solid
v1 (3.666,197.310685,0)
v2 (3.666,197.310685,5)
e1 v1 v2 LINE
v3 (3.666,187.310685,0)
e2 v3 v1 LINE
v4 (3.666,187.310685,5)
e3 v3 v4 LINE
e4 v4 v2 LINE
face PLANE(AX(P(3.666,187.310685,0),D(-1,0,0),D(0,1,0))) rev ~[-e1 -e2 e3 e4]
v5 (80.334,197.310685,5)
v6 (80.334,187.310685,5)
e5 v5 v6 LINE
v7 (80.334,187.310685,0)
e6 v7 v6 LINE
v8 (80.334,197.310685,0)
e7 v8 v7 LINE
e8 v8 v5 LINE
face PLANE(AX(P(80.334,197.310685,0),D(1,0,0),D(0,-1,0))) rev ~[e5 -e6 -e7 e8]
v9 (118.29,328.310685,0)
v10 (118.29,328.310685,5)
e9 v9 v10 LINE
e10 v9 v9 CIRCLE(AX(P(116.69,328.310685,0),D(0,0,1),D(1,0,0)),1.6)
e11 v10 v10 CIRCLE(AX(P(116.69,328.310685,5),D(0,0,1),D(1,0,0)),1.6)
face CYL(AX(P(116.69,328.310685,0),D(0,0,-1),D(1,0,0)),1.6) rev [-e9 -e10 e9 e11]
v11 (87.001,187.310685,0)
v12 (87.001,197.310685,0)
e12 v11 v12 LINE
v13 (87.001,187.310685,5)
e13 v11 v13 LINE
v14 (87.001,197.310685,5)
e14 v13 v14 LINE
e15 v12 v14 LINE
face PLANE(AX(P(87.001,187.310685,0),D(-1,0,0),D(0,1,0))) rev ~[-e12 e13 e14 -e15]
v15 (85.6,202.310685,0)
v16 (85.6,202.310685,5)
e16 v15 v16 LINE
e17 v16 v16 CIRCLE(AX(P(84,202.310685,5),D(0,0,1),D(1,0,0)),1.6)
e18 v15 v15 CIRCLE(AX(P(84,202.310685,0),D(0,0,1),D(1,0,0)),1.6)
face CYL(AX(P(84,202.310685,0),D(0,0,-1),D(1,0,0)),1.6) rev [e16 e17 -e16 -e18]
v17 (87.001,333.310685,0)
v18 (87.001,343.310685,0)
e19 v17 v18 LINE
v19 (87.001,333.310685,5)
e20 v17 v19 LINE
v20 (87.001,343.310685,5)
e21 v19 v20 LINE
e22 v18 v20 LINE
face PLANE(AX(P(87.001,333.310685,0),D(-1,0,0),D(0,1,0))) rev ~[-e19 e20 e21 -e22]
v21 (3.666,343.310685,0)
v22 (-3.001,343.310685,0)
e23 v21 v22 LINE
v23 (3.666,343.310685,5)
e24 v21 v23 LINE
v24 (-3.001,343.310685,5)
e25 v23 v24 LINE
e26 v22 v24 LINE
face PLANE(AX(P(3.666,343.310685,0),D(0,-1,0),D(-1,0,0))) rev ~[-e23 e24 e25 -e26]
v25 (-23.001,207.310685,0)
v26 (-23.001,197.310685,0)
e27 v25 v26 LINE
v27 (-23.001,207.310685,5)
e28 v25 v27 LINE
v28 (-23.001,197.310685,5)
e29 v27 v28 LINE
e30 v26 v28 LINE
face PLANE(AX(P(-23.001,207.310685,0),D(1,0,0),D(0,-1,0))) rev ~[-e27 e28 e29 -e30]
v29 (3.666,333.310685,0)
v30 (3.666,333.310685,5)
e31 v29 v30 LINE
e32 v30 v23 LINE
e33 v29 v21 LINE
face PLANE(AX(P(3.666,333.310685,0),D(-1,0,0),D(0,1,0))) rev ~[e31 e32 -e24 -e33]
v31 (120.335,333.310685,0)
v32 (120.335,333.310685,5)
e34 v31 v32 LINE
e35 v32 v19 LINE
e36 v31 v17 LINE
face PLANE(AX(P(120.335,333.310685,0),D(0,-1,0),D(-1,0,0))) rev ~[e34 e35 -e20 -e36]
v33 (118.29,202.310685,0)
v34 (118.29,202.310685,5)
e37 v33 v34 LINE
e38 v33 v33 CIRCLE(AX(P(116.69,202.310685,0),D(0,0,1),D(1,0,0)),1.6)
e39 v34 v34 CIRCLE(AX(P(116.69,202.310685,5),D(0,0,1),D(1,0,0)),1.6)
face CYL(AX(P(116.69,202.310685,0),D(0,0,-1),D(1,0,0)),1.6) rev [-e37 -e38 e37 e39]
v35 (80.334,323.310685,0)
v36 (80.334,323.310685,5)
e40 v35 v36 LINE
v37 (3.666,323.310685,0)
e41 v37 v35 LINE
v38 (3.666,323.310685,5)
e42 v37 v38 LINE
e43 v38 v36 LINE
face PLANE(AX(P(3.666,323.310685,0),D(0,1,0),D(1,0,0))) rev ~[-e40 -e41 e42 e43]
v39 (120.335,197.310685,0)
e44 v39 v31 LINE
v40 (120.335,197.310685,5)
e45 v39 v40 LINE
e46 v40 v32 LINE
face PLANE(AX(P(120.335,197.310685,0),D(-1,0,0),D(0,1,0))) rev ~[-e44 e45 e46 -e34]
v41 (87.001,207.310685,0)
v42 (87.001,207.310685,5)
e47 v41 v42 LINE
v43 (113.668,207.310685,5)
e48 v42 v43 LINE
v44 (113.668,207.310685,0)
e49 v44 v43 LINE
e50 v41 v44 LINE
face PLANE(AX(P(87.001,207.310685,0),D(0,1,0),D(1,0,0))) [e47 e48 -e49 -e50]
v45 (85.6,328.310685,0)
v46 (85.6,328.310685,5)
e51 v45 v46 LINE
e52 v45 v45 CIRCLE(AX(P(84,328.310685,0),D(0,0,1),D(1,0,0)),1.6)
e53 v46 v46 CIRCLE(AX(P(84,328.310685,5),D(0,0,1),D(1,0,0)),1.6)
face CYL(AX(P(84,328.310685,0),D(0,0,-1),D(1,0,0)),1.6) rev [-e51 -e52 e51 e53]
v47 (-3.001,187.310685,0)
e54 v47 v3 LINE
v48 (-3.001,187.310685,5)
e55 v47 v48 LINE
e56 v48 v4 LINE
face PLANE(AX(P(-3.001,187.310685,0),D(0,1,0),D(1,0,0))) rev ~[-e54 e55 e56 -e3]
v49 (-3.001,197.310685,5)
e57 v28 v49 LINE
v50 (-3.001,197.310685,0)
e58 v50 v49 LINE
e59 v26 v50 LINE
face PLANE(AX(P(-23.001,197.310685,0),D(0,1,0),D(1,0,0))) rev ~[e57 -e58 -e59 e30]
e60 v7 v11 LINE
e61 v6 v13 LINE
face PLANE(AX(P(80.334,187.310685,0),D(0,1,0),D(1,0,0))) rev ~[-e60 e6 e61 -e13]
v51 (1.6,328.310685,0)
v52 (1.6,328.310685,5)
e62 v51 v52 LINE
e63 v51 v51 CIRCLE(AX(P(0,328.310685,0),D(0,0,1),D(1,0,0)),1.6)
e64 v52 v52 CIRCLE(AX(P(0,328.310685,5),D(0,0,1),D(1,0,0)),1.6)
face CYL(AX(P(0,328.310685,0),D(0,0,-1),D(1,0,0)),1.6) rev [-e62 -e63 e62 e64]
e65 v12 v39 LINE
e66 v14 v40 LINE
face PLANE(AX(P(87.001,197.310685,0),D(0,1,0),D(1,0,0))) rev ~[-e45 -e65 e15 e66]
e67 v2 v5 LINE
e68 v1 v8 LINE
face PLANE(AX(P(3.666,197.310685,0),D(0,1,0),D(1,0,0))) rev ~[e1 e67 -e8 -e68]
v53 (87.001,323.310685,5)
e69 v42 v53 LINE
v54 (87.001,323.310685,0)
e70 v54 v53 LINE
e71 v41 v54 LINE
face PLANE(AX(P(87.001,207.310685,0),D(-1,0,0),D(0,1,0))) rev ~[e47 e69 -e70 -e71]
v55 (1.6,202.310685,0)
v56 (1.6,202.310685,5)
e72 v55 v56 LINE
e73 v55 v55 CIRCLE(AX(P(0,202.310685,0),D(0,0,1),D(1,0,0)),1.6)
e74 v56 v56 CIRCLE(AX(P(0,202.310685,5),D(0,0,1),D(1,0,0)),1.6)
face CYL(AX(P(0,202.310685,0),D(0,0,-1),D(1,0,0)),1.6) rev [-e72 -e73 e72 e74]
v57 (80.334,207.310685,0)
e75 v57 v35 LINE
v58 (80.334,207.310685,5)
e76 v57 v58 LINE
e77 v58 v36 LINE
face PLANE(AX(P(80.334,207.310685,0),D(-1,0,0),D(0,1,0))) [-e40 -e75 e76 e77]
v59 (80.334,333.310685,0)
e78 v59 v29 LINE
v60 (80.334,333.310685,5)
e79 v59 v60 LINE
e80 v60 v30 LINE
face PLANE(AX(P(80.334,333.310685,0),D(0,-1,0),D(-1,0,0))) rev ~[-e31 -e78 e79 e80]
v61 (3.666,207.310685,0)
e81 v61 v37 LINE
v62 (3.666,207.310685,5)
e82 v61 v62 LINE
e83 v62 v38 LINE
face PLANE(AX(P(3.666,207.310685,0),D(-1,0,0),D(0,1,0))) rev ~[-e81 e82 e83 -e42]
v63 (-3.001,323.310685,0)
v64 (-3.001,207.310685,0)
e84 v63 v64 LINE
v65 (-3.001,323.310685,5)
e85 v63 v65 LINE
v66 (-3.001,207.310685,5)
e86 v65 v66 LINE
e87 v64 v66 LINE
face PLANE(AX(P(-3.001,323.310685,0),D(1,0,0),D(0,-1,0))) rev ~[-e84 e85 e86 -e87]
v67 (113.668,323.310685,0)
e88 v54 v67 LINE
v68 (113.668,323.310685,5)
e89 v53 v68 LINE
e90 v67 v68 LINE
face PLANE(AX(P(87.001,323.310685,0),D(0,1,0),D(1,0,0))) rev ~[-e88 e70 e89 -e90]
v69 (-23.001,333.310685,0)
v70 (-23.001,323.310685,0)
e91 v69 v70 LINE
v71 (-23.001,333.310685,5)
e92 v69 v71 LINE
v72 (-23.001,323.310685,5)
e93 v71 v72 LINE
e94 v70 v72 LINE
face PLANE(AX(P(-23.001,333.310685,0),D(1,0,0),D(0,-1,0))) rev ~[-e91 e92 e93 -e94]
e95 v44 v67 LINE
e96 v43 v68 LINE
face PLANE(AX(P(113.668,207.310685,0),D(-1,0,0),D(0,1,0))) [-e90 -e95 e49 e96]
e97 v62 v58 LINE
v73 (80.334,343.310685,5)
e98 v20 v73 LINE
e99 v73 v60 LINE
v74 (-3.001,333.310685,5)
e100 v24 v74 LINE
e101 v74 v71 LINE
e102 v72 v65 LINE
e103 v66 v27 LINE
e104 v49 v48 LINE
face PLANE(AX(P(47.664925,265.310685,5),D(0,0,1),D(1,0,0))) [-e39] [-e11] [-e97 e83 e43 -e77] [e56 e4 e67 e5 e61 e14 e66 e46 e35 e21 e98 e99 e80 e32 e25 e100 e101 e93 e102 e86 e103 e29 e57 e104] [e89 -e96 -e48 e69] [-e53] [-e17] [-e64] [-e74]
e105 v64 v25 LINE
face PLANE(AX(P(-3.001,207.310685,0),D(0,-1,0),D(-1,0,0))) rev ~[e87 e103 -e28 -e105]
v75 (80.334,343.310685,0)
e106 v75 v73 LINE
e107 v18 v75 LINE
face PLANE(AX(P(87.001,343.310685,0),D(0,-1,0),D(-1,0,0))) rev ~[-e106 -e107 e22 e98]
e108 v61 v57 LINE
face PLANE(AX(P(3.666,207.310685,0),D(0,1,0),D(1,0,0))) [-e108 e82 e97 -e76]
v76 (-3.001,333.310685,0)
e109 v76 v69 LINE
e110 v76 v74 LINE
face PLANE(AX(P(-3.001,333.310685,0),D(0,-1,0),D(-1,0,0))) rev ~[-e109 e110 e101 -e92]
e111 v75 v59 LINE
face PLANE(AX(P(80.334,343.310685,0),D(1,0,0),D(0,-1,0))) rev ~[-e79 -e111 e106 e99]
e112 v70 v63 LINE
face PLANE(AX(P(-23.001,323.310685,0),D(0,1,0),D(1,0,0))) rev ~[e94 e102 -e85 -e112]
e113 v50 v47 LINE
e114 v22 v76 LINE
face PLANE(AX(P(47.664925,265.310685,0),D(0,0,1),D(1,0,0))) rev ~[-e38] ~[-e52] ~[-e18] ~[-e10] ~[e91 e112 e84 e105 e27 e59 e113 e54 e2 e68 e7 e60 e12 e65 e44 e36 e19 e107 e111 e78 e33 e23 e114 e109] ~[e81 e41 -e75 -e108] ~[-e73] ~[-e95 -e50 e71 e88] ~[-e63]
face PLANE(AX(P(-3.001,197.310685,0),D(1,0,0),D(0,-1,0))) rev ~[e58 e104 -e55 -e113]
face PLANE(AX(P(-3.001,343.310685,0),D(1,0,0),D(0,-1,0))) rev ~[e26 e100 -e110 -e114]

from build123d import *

# Parameters (mm, degrees)
F1_R     = 1.6
F1_W     = 76.668
F1_H     = 116
F1_W_2   = 26.667
F2_DEPTH = 5


with BuildPart() as f2:
    # F1 (on Top) → F2 (new body)
    with BuildSketch(Plane.XY):
        Polygon((-3.001, 187.310685), (3.666, 187.310685), (3.666, 197.310685), (80.334, 197.310685), (80.334, 187.310685), (87.001, 187.310685), (87.001, 197.310685), (113.668, 197.310685), (120.335, 197.310685), (120.335, 333.310685), (113.668, 333.310685), (87.001, 333.310685), (87.001, 343.310685), (80.334, 343.310685), (80.334, 333.310685), (3.666, 333.310685), (3.666, 343.310685), (-3.001, 343.310685), (-3.001, 333.310685), (-23.001, 333.310685), (-23.001, 323.310685), (-3.001, 323.310685), (-3.001, 207.310685), (-23.001, 207.310685), (-23.001, 197.310685), (-3.001, 197.310685), align=None)
        with Locations((0, 202.310685)):
            Circle(F1_R, mode=Mode.SUBTRACT)
        with Locations((42, 265.310685)):
            Rectangle(F1_W, F1_H, mode=Mode.SUBTRACT)
        with Locations((84, 202.310685)):
            Circle(F1_R, mode=Mode.SUBTRACT)
        with Locations((116.69, 202.310685)):
            Circle(F1_R, mode=Mode.SUBTRACT)
        with Locations((100.3345, 265.310685)):
            Rectangle(F1_W_2, F1_H, mode=Mode.SUBTRACT)
        with Locations((0, 328.310685)):
            Circle(F1_R, mode=Mode.SUBTRACT)
        with Locations((84, 328.310685)):
            Circle(F1_R, mode=Mode.SUBTRACT)
        with Locations((116.69, 328.310685)):
            Circle(F1_R, mode=Mode.SUBTRACT)
    extrude(amount=F2_DEPTH)


solid = f2.part
